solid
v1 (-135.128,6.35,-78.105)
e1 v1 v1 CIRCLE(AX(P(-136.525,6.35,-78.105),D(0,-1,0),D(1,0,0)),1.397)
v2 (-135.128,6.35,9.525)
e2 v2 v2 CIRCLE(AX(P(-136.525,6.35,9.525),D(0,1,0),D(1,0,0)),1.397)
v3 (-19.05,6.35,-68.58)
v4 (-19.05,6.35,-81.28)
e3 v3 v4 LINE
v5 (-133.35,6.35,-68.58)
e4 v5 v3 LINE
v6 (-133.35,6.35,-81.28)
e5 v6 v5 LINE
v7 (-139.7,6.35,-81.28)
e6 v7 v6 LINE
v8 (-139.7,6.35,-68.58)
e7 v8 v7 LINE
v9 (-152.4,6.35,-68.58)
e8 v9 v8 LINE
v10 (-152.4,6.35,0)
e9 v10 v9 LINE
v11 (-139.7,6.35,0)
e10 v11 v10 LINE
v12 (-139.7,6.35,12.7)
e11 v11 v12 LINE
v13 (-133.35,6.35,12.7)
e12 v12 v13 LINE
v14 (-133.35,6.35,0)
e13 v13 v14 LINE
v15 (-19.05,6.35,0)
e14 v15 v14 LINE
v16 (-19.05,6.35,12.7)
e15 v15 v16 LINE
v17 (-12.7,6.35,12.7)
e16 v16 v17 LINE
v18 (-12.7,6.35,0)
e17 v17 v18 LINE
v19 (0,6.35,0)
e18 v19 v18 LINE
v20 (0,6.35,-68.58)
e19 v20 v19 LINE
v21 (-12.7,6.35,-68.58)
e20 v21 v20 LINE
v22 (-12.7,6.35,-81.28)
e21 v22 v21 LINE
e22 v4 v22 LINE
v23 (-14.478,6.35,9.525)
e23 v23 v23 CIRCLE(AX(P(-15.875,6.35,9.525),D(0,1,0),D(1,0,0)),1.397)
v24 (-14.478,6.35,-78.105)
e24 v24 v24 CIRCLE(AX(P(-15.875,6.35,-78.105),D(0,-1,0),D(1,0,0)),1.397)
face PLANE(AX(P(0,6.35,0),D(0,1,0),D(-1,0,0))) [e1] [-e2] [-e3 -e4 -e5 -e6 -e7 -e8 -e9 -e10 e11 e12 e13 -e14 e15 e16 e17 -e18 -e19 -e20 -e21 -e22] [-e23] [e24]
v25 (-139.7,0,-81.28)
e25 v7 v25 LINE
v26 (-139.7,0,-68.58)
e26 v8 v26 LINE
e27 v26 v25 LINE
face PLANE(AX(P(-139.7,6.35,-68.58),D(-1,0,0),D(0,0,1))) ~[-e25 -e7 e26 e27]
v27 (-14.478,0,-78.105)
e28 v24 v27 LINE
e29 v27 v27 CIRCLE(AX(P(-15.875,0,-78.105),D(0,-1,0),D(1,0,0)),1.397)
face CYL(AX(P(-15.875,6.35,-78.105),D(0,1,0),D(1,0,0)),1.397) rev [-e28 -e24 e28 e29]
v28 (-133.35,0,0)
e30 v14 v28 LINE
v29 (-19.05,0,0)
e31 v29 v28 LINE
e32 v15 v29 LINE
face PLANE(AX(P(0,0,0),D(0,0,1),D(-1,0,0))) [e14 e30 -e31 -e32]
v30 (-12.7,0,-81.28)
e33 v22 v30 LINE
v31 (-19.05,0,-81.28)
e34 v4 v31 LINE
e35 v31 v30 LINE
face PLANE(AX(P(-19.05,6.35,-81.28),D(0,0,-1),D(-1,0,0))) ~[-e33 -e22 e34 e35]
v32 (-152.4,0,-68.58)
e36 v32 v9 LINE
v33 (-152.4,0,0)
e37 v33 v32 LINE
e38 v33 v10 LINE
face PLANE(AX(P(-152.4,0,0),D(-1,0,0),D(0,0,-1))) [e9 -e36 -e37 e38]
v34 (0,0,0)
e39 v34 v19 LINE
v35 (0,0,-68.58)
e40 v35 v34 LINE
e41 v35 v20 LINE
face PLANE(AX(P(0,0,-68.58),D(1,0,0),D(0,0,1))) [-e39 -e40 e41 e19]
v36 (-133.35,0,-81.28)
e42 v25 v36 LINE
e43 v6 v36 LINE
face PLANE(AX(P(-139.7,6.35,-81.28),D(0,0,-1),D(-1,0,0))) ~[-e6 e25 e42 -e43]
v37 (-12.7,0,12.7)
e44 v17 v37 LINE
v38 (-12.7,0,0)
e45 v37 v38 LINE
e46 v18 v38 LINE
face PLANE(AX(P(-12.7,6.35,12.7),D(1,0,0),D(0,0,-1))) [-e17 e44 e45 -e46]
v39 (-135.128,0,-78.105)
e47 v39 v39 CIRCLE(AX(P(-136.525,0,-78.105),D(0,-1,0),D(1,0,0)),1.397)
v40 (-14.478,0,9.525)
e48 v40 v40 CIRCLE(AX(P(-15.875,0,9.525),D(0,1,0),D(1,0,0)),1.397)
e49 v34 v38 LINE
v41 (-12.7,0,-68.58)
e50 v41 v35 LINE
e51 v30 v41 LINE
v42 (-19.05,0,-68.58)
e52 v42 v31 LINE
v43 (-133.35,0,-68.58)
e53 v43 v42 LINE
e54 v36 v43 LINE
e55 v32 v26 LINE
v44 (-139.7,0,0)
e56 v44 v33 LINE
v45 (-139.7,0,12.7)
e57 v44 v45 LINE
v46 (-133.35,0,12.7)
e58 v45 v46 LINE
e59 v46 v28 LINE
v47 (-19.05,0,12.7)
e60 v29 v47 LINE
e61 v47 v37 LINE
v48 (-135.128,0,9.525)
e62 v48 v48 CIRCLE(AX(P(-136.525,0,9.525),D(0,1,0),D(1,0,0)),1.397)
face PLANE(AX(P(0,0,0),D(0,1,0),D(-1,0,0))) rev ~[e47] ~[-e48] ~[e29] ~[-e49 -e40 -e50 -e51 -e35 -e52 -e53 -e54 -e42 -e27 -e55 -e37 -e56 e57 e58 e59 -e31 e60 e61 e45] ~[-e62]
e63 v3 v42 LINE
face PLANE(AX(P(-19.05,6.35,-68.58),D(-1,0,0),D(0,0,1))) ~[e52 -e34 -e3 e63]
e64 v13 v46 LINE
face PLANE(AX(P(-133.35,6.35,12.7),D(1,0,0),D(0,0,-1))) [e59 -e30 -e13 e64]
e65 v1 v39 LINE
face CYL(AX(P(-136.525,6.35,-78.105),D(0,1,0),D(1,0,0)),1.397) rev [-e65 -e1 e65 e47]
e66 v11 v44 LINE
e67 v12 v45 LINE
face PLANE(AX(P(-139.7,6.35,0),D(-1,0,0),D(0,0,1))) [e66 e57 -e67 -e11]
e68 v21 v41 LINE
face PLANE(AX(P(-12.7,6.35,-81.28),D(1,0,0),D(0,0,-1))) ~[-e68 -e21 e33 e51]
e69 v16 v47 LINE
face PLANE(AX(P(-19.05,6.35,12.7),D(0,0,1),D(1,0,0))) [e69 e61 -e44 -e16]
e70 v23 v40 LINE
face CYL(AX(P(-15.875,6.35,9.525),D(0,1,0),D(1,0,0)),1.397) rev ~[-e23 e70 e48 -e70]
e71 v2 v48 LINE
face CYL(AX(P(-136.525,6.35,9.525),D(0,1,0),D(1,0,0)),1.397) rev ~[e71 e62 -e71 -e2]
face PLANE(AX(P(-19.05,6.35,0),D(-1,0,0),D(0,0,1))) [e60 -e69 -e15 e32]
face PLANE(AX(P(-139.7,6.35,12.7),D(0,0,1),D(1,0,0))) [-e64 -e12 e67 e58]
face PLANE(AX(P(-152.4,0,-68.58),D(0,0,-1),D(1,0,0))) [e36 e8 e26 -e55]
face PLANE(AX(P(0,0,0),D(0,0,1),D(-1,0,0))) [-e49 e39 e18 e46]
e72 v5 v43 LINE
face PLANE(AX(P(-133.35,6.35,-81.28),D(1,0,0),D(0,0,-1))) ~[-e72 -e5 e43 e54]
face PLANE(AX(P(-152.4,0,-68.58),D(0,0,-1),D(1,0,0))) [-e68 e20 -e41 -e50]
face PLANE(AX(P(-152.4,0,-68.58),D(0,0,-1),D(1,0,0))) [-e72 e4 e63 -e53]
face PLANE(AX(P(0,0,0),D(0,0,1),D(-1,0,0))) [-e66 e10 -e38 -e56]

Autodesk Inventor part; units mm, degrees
ref_plane "YZ Plane" through (0, 0, 0) normal (1, 0, 0) x (0, 1, 0)
ref_plane "XZ Plane" through (0, 0, 0) normal (0, 1, 0) x (-1, 0, 0)
ref_plane "XY Plane" through (0, 0, 0) normal (0, 0, 1) x (1, 0, 0)
sketch "Sketch1" plane through (0, 0, 0) normal (0, 1, 0) x (-1, 0, 0)
  line L0 (0, 0) -> (152.4, 0)
  line L1 (152.4, 0) -> (152.4, -68.58)
  line L2 (152.4, -68.58) -> (0, -68.58)
  line L3 (0, -68.58) -> (0, 0)
  dimension "d0" = 152.4
  dimension "d1" = 68.58
extrude "Extrusion1" add sketch "Sketch1" along normal blind 6.35
sketch "Sketch2" plane through (0, 6.35, 0) normal (0, 1, 0) x (1, 0, 0)
  line L0 (-133.35, 0) -> (-139.7, 0)
  line L1 (-139.7, 0) -> (-139.7, -12.7)
  line L2 (-139.7, -12.7) -> (-133.35, -12.7)
  line L3 (-133.35, -12.7) -> (-133.35, 0)
  circle A0 centre (-136.525, -9.525) radius 1.397
  line L4 (-152.4, 0) -> (0, 0) projected
  line L5 (-12.7, 0) -> (-19.05, 0)
  line L6 (-19.05, 0) -> (-19.05, -12.7)
  line L7 (-19.05, -12.7) -> (-12.7, -12.7)
  line L8 (-12.7, -12.7) -> (-12.7, 0)
  circle A1 centre (-15.875, -9.525) radius 1.397
  dimension "d4" = 12.7
  dimension "d5" = 6.35
  dimension "d6" = 2.794
  dimension "d7" = 3.175
  dimension "d8" = 3.175
  dimension "d9" = 0
  dimension "d10" = 12.7
  dimension "d11" = 12.7
  dimension "d12" = 6.35
  dimension "d13" = 2.794
  dimension "d14" = 3.175
  dimension "d15" = 3.175
  dimension "d16" = 0
  dimension "d17" = 12.7
extrude "Extrusion2" add sketch "Sketch2" against normal blind 6.35
ref_plane "Work Plane1" through (-133.35, 0, -34.29) normal (0, 0, 1) x (1, 0, 0)
mirror "Mirror1" about plane through (-133.35, 0, -34.29) normal (0, 0, 1) of "Extrusion2"
properties part number "BottomPanel"
